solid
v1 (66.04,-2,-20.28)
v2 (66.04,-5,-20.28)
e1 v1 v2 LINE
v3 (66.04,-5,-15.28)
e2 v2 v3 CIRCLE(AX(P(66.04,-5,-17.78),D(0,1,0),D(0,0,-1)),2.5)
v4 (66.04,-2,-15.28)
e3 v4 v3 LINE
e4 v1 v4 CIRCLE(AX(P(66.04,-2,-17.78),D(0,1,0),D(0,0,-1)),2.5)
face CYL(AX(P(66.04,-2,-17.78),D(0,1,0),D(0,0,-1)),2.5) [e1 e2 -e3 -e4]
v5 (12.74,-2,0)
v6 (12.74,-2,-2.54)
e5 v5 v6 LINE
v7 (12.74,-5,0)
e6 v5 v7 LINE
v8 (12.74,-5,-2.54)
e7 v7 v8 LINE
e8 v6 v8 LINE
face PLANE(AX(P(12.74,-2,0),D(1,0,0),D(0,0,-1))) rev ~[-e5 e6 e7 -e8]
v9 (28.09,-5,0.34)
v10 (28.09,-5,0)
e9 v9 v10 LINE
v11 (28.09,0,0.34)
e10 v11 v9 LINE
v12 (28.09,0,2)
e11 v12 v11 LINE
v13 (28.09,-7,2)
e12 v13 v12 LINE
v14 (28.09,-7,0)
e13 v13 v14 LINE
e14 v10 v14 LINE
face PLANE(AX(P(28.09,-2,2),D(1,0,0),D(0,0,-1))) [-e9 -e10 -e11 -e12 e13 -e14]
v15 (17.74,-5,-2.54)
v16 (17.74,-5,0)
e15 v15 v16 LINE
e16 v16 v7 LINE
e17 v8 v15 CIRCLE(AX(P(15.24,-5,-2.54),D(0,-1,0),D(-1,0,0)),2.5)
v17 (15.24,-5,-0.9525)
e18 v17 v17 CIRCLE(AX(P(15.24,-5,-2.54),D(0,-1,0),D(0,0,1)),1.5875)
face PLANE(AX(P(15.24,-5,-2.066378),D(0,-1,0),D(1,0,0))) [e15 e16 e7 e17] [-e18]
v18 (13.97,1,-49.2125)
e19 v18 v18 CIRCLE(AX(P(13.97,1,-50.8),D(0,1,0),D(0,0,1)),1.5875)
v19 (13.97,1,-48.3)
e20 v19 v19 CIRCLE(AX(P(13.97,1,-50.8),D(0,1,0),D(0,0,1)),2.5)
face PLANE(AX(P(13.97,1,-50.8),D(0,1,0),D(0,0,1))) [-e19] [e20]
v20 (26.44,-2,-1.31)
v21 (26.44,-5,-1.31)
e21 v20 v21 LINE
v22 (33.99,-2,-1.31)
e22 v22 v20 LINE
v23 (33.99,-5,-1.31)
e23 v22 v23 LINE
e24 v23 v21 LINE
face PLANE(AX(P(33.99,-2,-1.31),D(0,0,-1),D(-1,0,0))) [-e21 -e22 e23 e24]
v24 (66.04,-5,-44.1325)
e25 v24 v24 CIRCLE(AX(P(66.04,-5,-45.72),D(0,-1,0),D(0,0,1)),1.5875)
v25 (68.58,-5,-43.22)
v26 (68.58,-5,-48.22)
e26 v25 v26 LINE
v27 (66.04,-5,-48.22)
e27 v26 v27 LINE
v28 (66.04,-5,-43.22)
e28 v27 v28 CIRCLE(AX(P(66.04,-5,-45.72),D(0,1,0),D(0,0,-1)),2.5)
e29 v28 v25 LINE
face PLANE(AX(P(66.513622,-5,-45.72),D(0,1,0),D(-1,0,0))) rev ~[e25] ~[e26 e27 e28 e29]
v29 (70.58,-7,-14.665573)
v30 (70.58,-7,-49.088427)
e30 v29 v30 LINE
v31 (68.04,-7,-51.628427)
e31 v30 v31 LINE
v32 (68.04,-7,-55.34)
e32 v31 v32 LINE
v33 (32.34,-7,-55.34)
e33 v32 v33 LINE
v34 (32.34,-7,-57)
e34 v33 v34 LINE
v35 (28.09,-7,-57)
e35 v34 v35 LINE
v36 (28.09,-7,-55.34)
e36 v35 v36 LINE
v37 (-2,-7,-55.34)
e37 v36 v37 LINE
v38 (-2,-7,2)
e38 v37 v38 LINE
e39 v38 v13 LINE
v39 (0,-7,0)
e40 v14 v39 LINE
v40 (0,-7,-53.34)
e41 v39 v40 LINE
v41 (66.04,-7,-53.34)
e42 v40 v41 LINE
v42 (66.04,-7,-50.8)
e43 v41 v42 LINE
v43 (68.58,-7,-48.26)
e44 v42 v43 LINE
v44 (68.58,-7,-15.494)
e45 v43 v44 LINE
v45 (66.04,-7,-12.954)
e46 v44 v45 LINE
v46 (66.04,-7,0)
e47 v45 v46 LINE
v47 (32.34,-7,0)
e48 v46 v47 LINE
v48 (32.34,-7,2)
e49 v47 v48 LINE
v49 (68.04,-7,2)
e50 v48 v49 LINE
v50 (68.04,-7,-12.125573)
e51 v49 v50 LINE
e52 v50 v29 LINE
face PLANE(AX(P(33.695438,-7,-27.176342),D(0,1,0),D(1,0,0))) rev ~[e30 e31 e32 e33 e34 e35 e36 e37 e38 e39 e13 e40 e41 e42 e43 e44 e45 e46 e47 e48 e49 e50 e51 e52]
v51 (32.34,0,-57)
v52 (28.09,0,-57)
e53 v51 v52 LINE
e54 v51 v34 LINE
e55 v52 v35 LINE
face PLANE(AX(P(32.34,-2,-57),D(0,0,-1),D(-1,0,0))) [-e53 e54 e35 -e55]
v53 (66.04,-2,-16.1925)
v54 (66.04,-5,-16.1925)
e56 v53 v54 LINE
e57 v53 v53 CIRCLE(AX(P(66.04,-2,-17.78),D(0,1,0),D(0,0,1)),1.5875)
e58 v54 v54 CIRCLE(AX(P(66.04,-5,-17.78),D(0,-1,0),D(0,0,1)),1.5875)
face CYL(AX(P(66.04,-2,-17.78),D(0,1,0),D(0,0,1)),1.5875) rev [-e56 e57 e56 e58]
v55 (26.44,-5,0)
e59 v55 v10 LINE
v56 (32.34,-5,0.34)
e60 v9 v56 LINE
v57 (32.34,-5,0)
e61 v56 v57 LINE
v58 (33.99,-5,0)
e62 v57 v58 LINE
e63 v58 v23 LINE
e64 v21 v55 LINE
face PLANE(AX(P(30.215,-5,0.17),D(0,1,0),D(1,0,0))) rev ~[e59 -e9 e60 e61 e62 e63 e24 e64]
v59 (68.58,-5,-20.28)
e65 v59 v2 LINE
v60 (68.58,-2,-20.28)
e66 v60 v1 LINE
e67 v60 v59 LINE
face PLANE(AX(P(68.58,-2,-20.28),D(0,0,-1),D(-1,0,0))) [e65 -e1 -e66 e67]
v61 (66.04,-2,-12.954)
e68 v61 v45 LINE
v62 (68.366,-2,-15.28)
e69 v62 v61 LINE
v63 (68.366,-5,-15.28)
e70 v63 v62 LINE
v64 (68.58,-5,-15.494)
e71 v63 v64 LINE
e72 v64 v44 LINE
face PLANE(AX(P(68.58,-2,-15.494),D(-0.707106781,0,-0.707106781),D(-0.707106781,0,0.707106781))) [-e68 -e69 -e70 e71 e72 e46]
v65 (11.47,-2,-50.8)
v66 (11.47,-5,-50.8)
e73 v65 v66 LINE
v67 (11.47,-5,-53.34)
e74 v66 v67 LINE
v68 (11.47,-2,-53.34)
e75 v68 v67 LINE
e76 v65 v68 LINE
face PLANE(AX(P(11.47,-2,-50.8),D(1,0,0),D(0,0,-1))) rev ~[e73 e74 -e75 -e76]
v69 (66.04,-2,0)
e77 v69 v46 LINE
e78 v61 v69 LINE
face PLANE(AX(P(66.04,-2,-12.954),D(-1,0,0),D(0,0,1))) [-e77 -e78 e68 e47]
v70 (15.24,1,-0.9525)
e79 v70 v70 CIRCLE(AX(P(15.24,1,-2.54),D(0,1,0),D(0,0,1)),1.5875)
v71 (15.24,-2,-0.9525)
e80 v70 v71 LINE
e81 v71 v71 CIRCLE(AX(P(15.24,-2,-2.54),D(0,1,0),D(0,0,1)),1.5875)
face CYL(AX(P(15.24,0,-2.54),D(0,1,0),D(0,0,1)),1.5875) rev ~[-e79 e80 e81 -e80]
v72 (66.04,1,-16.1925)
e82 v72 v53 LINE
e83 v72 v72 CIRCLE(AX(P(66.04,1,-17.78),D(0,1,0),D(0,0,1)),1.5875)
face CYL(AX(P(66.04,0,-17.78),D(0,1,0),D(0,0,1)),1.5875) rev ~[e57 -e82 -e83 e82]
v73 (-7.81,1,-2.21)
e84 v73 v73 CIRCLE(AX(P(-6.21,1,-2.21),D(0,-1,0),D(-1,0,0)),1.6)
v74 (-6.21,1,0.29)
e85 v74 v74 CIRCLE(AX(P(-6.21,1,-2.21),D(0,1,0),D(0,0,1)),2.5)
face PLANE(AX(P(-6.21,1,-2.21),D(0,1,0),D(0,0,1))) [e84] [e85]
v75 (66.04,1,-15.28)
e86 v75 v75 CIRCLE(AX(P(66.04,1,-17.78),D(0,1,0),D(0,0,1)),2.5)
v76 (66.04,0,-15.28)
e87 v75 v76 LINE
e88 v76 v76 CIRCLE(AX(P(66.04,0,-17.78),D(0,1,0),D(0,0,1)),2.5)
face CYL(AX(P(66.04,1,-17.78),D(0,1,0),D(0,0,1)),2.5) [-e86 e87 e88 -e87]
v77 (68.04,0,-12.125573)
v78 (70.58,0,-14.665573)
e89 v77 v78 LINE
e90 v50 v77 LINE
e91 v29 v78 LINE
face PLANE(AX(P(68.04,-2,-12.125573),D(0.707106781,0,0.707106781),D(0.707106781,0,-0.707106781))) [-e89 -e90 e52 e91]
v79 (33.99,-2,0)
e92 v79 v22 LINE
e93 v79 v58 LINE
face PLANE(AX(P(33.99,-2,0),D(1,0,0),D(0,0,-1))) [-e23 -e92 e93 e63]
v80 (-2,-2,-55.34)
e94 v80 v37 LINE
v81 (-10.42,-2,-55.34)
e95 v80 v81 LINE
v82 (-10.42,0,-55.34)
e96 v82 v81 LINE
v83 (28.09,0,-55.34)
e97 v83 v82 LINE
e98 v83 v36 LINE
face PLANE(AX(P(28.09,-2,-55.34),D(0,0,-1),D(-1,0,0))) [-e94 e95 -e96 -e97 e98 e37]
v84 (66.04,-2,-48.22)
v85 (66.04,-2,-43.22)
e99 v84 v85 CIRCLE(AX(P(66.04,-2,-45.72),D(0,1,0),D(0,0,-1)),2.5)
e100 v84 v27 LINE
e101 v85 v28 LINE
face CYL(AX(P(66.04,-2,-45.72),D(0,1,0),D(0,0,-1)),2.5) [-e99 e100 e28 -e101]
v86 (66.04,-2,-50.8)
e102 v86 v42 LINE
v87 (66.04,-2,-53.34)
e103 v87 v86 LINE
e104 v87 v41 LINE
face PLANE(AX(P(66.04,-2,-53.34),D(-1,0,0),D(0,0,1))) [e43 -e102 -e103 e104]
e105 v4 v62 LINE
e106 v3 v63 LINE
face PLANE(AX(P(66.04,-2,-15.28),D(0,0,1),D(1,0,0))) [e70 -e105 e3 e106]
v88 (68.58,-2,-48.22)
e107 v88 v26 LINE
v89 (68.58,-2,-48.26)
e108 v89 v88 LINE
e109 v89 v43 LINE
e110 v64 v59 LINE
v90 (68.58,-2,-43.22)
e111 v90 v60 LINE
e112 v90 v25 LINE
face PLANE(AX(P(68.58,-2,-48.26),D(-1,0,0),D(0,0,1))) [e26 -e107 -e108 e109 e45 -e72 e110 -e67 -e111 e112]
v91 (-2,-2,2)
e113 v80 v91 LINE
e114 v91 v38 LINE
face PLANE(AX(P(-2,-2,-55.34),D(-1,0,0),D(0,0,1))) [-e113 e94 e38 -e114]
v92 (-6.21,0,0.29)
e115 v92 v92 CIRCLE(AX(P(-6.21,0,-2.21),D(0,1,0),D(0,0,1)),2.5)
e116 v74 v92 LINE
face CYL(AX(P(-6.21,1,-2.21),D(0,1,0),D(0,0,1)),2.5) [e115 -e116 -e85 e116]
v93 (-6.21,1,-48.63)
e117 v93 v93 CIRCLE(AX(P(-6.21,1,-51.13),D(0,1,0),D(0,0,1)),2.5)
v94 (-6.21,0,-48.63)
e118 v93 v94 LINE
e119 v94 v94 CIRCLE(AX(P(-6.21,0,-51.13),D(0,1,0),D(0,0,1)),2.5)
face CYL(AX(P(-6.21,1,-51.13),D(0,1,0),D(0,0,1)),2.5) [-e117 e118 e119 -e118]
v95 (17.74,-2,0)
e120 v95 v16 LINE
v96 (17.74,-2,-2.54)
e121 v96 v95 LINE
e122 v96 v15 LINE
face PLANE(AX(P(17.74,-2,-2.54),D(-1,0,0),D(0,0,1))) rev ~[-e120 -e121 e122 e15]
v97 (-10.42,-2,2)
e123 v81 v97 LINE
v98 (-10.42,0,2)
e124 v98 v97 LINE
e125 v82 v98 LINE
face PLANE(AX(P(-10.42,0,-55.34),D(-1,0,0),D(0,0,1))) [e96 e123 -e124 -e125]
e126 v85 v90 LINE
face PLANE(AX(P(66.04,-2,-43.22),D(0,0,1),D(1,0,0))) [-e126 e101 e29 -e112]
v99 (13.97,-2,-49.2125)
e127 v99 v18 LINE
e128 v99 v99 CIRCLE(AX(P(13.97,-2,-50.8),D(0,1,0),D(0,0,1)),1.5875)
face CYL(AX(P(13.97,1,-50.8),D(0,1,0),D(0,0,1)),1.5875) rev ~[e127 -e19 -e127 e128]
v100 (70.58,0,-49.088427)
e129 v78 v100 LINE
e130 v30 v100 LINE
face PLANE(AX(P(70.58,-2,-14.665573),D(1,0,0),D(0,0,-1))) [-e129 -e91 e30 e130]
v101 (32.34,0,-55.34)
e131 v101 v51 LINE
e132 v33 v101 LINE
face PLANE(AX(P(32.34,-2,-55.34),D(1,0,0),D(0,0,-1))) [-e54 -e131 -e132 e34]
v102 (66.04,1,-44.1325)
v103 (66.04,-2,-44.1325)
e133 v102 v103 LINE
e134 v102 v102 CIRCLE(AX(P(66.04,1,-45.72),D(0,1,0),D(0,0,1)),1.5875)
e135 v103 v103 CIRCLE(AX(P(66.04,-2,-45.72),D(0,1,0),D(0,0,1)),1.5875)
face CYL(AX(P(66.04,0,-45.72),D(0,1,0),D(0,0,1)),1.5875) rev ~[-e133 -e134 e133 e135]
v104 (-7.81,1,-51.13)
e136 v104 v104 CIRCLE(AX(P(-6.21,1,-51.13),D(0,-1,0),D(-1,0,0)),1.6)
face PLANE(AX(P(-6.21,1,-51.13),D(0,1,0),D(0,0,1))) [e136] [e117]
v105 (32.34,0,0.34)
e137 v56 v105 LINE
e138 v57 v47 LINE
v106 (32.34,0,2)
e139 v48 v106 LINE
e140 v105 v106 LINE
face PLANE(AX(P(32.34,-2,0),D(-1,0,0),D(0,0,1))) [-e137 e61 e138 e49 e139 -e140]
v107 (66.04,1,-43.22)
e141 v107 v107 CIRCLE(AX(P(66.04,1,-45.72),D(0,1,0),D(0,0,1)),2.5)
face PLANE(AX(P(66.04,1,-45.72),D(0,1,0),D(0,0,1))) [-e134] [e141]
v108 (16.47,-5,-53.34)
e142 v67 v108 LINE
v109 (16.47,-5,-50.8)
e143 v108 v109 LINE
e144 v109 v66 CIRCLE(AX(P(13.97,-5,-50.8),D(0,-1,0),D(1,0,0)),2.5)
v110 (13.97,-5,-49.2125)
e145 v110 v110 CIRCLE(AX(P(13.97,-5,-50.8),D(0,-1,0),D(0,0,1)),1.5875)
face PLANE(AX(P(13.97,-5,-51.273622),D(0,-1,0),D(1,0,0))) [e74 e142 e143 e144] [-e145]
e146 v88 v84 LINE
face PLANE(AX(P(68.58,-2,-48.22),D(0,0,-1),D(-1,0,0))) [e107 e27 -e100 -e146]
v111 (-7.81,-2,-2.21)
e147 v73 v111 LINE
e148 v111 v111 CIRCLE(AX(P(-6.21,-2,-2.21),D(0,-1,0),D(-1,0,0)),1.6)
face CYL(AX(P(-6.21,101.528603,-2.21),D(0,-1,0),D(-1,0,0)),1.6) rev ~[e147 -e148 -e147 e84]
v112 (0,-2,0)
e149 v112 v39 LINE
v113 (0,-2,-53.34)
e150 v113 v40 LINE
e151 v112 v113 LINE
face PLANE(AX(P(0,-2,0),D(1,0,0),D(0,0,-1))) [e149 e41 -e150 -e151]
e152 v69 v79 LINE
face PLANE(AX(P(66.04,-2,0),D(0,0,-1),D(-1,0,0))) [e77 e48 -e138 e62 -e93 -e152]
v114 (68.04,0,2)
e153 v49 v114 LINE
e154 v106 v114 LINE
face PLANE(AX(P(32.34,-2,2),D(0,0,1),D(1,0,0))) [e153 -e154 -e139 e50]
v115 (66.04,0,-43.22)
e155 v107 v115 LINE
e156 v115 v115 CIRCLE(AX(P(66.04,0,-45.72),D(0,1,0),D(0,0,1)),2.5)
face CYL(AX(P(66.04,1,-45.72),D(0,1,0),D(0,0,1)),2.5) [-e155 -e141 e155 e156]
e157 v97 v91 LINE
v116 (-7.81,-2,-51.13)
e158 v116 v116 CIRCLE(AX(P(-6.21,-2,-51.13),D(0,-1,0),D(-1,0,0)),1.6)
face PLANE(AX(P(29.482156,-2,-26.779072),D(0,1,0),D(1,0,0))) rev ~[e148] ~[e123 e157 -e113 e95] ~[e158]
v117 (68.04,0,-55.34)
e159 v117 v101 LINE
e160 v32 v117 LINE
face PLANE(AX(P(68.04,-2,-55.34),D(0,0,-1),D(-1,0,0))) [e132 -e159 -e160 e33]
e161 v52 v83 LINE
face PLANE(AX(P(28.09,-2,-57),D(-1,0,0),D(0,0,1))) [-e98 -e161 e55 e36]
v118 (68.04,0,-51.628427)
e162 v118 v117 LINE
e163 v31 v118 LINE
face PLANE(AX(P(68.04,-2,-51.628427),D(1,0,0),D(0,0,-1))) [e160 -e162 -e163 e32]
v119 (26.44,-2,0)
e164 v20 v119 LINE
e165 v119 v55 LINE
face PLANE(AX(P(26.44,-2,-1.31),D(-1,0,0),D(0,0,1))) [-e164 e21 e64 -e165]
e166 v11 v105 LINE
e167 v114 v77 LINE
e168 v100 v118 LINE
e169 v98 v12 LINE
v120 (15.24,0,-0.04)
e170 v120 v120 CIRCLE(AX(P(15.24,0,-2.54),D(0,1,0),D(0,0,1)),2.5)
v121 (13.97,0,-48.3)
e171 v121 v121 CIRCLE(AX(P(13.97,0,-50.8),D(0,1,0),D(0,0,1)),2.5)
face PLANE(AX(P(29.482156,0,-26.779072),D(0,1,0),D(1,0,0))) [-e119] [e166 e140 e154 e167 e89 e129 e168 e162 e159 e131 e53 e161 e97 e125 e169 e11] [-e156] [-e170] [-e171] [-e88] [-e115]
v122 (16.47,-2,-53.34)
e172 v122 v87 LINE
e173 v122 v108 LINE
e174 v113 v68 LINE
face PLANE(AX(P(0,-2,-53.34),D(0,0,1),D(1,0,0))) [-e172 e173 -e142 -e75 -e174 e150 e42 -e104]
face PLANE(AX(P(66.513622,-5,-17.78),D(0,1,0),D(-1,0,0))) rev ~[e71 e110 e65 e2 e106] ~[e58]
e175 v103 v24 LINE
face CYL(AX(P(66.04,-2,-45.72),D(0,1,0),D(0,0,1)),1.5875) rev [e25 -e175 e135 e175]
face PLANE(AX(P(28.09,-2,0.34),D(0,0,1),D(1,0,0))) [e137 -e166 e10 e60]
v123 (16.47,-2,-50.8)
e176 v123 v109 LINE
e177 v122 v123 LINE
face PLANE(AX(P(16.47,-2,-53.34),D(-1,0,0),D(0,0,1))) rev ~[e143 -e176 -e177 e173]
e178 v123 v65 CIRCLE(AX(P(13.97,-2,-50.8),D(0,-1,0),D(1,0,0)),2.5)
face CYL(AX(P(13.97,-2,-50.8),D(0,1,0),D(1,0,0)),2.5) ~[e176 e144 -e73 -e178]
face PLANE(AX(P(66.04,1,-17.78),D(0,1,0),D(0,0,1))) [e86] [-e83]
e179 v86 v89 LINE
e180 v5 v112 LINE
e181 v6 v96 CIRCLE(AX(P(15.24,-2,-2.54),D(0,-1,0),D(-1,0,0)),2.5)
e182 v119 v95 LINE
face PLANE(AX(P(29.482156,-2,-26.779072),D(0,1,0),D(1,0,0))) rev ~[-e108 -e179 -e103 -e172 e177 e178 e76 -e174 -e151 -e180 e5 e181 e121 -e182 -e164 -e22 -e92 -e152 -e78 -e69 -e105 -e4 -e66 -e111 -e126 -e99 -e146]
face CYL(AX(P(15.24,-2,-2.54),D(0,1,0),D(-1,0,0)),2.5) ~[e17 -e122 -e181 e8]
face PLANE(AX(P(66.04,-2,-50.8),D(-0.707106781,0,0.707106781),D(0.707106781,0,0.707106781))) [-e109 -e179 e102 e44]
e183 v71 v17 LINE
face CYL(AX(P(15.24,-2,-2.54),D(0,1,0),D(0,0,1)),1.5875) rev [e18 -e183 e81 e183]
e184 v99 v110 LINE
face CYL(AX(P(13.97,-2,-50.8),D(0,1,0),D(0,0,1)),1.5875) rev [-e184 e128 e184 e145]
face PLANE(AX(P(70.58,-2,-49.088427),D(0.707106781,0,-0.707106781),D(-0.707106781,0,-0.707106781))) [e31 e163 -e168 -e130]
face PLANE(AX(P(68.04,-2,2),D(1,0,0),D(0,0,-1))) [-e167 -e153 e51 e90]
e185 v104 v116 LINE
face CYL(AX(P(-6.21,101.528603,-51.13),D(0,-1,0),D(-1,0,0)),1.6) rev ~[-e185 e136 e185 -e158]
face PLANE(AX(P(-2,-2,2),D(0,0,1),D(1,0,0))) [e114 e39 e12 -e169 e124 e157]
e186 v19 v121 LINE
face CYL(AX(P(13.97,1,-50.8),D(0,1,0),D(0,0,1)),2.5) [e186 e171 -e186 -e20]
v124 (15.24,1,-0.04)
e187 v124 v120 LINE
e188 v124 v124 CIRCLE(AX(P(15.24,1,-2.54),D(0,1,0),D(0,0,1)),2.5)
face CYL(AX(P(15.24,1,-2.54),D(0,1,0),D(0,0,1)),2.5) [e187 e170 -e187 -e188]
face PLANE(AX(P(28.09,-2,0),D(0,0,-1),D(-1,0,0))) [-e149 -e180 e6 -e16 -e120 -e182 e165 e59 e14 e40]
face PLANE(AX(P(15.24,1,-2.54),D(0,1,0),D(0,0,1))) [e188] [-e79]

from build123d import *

# Parameters (mm, degrees)
SKETCH1_R            = 1.5875
BOSS_EXTRUDE1_DEPTH  = 2
BOSS_EXTRUDE2_START  = -2
BOSS_EXTRUDE2_DEPTH  = 5
BOSS_EXTRUDE3_START  = 1
SKETCH2_R            = 2.5
SKETCH2_R_2          = 1.5875
BOSS_EXTRUDE3_DEPTH  = 1
BOSS_EXTRUDE4_START  = -2
SKETCH1_4_W          = 4.25
SKETCH1_4_H          = 0.34
BOSS_EXTRUDE4_DEPTH  = 3
SKETCH3_R            = 1.5875
BOSS_EXTRUDE5_DEPTH  = 3
M3_CLEARANCE_HOLE1_D = 3.2


with BuildPart() as part:
    # Sketch1 → Boss-Extrude1 (new body)
    with BuildSketch(Plane(origin=(0, 0, 0), x_dir=(1, 0, 0), z_dir=(0, 1, 0))):
        Polygon((-10.42, 55.34), (-10.42, -2), (28.09, -2), (28.09, -0.34), (32.34, -0.34), (32.34, -2), (68.04, -2), (68.04, 12.125572875), (70.58, 14.665572875), (70.58, 49.088427125), (68.04, 51.628427125), (68.04, 55.34), (32.34, 55.34), (32.34, 57), (28.09, 57), (28.09, 55.34), align=None)
        with Locations(Location((15.24, 2.54, 0), (0, 0, 270))):
            Circle(SKETCH1_R, mode=Mode.SUBTRACT)
        with Locations(Location((66.04, 45.72, 0), (0, 0, 270))):
            Circle(SKETCH1_R, mode=Mode.SUBTRACT)
        with Locations(Location((13.97, 50.8, 0), (0, 0, 270))):
            Circle(SKETCH1_R, mode=Mode.SUBTRACT)
        with Locations(Location((66.04, 17.78, 0), (0, 0, 270))):
            Circle(SKETCH1_R, mode=Mode.SUBTRACT)
    extrude(amount=-BOSS_EXTRUDE1_DEPTH)

    # Sketch1<3> → Boss-Extrude2 (add)
    with BuildSketch(Plane(origin=(0, 0, 0), x_dir=(1, 0, 0), z_dir=(0, 1, 0)).offset(BOSS_EXTRUDE2_START)):
        Polygon((28.09, 55.34), (-2, 55.34), (-2, -2), (28.09, -2), (28.09, 0), (0, 0), (0, 53.34), (66.04, 53.34), (66.04, 50.8), (68.58, 48.26), (68.58, 15.494), (66.04, 12.954), (66.04, 0), (32.34, 0), (32.34, -2), (68.04, -2), (68.04, 12.125572875), (70.58, 14.665572875), (70.58, 49.088427125), (68.04, 51.628427125), (68.04, 55.34), (32.34, 55.34), (32.34, 57), (28.09, 57), align=None)
    extrude(amount=-BOSS_EXTRUDE2_DEPTH)

    # Sketch2 → Boss-Extrude3 (add)
    # profile 1 of 6: a face of its own
    with BuildSketch(Plane(origin=(0, 0, 0), x_dir=(1, 0, 0), z_dir=(0, 1, 0)).offset(BOSS_EXTRUDE3_START)):
        with Locations(Location((13.97, 50.8, 0), (0, 0, 270))):
            Circle(SKETCH2_R)
        with Locations(Location((13.97, 50.8, 0), (0, 0, 270))):
            Circle(SKETCH2_R_2, mode=Mode.SUBTRACT)
    # profile 2 of 6: a face of its own
    with BuildSketch(Plane(origin=(0, 0, 0), x_dir=(1, 0, 0), z_dir=(0, 1, 0)).offset(BOSS_EXTRUDE3_START)):
        with Locations(Location((66.04, 45.72, 0), (0, 0, 270))):
            Circle(SKETCH2_R)
        with Locations(Location((66.04, 45.72, 0), (0, 0, 270))):
            Circle(SKETCH2_R_2, mode=Mode.SUBTRACT)
    # profile 3 of 6: a face of its own
    with BuildSketch(Plane(origin=(0, 0, 0), x_dir=(1, 0, 0), z_dir=(0, 1, 0)).offset(BOSS_EXTRUDE3_START)):
        with Locations(Location((66.04, 17.78, 0), (0, 0, 270))):
            Circle(SKETCH2_R)
        with Locations(Location((66.04, 17.78, 0), (0, 0, 270))):
            Circle(SKETCH2_R_2, mode=Mode.SUBTRACT)
    # profile 4 of 6: a face of its own
    with BuildSketch(Plane(origin=(0, 0, 0), x_dir=(1, 0, 0), z_dir=(0, 1, 0)).offset(BOSS_EXTRUDE3_START)):
        with Locations(Location((15.24, 2.54, 0), (0, 0, 270))):
            Circle(SKETCH2_R)
        with Locations(Location((15.24, 2.54, 0), (0, 0, 270))):
            Circle(SKETCH2_R_2, mode=Mode.SUBTRACT)
    # profile 5 of 6: a face of its own
    with BuildSketch(Plane(origin=(0, 0, 0), x_dir=(1, 0, 0), z_dir=(0, 1, 0)).offset(BOSS_EXTRUDE3_START)):
        with Locations(Location((-6.21, 2.21, 0), (0, 0, 270))):
            Circle(SKETCH2_R)
    # profile 6 of 6: a face of its own
    with BuildSketch(Plane(origin=(0, 0, 0), x_dir=(1, 0, 0), z_dir=(0, 1, 0)).offset(BOSS_EXTRUDE3_START)):
        with Locations(Location((-6.21, 51.13, 0), (0, 0, 270))):
            Circle(SKETCH2_R)
    extrude(amount=-BOSS_EXTRUDE3_DEPTH)

    # Sketch1<4> → Boss-Extrude4 (add)
    with BuildSketch(Plane(origin=(0, 0, 0), x_dir=(1, 0, 0), z_dir=(0, 1, 0)).offset(BOSS_EXTRUDE4_START)):
        with Locations((30.215, -0.17)):
            Rectangle(SKETCH1_4_W, SKETCH1_4_H)
        Polygon((26.44, 0), (28.09, 0), (32.34, 0), (33.99, 0), (33.99, 1.31), (26.44, 1.31), align=None)
    extrude(amount=-BOSS_EXTRUDE4_DEPTH)

    # Sketch3 → Boss-Extrude5 (add)
    # profile 1 of 4: a face of its own
    with BuildSketch(Plane.XZ.offset(2)):
        with BuildLine():
            Line((12.74, 0), (12.74, -2.54))
            ThreePointArc((12.74, -2.54), (15.24, -5.04), (17.74, -2.54))
            Line((17.74, -2.54), (17.74, 0))
            Line((17.74, 0), (12.74, 0))
        make_face()
        with Locations(Location((15.24, -2.54, 0), (0, 0, 90))):
            Circle(SKETCH3_R, mode=Mode.SUBTRACT)
    # profile 2 of 4: a face of its own
    with BuildSketch(Plane.XZ.offset(2)):
        with BuildLine():
            Line((16.47, -53.34), (16.47, -50.8))
            ThreePointArc((16.47, -50.8), (13.97, -48.3), (11.47, -50.8))
            Line((11.47, -50.8), (11.47, -53.34))
            Line((11.47, -53.34), (16.47, -53.34))
        make_face()
        with Locations(Location((13.97, -50.8, 0), (0, 0, 90))):
            Circle(SKETCH3_R, mode=Mode.SUBTRACT)
    # profile 3 of 4: a face of its own
    with BuildSketch(Plane.XZ.offset(2)):
        with BuildLine():
            Line((68.58, -48.22), (66.04, -48.22))
            ThreePointArc((66.04, -48.22), (63.54, -45.72), (66.04, -43.22))
            Line((66.04, -43.22), (68.58, -43.22))
            Line((68.58, -43.22), (68.58, -48.22))
        make_face()
        with Locations(Location((66.04, -45.72, 0), (0, 0, 90))):
            Circle(SKETCH3_R, mode=Mode.SUBTRACT)
    # profile 4 of 4: a face of its own
    with BuildSketch(Plane.XZ.offset(2)):
        with BuildLine():
            Line((68.58, -20.28), (66.04, -20.28))
            ThreePointArc((66.04, -20.28), (63.54, -17.78), (66.04, -15.28))
            Line((66.04, -15.28), (68.58, -15.28))
            Line((68.58, -15.28), (68.58, -20.28))
        make_face()
        with Locations(Location((66.04, -17.78, 0), (0, 0, 90))):
            Circle(SKETCH3_R, mode=Mode.SUBTRACT)
    extrude(amount=BOSS_EXTRUDE5_DEPTH)

    # M3 Clearance Hole1 (through all)
    with Locations(Plane(origin=(0, 1, 0), x_dir=(1, 0, 0), z_dir=(0, 1, 0))):
        with Locations((-6.21, 51.13), (-6.21, 2.21)):
            Hole(M3_CLEARANCE_HOLE1_D / 2)


solid = part.part
